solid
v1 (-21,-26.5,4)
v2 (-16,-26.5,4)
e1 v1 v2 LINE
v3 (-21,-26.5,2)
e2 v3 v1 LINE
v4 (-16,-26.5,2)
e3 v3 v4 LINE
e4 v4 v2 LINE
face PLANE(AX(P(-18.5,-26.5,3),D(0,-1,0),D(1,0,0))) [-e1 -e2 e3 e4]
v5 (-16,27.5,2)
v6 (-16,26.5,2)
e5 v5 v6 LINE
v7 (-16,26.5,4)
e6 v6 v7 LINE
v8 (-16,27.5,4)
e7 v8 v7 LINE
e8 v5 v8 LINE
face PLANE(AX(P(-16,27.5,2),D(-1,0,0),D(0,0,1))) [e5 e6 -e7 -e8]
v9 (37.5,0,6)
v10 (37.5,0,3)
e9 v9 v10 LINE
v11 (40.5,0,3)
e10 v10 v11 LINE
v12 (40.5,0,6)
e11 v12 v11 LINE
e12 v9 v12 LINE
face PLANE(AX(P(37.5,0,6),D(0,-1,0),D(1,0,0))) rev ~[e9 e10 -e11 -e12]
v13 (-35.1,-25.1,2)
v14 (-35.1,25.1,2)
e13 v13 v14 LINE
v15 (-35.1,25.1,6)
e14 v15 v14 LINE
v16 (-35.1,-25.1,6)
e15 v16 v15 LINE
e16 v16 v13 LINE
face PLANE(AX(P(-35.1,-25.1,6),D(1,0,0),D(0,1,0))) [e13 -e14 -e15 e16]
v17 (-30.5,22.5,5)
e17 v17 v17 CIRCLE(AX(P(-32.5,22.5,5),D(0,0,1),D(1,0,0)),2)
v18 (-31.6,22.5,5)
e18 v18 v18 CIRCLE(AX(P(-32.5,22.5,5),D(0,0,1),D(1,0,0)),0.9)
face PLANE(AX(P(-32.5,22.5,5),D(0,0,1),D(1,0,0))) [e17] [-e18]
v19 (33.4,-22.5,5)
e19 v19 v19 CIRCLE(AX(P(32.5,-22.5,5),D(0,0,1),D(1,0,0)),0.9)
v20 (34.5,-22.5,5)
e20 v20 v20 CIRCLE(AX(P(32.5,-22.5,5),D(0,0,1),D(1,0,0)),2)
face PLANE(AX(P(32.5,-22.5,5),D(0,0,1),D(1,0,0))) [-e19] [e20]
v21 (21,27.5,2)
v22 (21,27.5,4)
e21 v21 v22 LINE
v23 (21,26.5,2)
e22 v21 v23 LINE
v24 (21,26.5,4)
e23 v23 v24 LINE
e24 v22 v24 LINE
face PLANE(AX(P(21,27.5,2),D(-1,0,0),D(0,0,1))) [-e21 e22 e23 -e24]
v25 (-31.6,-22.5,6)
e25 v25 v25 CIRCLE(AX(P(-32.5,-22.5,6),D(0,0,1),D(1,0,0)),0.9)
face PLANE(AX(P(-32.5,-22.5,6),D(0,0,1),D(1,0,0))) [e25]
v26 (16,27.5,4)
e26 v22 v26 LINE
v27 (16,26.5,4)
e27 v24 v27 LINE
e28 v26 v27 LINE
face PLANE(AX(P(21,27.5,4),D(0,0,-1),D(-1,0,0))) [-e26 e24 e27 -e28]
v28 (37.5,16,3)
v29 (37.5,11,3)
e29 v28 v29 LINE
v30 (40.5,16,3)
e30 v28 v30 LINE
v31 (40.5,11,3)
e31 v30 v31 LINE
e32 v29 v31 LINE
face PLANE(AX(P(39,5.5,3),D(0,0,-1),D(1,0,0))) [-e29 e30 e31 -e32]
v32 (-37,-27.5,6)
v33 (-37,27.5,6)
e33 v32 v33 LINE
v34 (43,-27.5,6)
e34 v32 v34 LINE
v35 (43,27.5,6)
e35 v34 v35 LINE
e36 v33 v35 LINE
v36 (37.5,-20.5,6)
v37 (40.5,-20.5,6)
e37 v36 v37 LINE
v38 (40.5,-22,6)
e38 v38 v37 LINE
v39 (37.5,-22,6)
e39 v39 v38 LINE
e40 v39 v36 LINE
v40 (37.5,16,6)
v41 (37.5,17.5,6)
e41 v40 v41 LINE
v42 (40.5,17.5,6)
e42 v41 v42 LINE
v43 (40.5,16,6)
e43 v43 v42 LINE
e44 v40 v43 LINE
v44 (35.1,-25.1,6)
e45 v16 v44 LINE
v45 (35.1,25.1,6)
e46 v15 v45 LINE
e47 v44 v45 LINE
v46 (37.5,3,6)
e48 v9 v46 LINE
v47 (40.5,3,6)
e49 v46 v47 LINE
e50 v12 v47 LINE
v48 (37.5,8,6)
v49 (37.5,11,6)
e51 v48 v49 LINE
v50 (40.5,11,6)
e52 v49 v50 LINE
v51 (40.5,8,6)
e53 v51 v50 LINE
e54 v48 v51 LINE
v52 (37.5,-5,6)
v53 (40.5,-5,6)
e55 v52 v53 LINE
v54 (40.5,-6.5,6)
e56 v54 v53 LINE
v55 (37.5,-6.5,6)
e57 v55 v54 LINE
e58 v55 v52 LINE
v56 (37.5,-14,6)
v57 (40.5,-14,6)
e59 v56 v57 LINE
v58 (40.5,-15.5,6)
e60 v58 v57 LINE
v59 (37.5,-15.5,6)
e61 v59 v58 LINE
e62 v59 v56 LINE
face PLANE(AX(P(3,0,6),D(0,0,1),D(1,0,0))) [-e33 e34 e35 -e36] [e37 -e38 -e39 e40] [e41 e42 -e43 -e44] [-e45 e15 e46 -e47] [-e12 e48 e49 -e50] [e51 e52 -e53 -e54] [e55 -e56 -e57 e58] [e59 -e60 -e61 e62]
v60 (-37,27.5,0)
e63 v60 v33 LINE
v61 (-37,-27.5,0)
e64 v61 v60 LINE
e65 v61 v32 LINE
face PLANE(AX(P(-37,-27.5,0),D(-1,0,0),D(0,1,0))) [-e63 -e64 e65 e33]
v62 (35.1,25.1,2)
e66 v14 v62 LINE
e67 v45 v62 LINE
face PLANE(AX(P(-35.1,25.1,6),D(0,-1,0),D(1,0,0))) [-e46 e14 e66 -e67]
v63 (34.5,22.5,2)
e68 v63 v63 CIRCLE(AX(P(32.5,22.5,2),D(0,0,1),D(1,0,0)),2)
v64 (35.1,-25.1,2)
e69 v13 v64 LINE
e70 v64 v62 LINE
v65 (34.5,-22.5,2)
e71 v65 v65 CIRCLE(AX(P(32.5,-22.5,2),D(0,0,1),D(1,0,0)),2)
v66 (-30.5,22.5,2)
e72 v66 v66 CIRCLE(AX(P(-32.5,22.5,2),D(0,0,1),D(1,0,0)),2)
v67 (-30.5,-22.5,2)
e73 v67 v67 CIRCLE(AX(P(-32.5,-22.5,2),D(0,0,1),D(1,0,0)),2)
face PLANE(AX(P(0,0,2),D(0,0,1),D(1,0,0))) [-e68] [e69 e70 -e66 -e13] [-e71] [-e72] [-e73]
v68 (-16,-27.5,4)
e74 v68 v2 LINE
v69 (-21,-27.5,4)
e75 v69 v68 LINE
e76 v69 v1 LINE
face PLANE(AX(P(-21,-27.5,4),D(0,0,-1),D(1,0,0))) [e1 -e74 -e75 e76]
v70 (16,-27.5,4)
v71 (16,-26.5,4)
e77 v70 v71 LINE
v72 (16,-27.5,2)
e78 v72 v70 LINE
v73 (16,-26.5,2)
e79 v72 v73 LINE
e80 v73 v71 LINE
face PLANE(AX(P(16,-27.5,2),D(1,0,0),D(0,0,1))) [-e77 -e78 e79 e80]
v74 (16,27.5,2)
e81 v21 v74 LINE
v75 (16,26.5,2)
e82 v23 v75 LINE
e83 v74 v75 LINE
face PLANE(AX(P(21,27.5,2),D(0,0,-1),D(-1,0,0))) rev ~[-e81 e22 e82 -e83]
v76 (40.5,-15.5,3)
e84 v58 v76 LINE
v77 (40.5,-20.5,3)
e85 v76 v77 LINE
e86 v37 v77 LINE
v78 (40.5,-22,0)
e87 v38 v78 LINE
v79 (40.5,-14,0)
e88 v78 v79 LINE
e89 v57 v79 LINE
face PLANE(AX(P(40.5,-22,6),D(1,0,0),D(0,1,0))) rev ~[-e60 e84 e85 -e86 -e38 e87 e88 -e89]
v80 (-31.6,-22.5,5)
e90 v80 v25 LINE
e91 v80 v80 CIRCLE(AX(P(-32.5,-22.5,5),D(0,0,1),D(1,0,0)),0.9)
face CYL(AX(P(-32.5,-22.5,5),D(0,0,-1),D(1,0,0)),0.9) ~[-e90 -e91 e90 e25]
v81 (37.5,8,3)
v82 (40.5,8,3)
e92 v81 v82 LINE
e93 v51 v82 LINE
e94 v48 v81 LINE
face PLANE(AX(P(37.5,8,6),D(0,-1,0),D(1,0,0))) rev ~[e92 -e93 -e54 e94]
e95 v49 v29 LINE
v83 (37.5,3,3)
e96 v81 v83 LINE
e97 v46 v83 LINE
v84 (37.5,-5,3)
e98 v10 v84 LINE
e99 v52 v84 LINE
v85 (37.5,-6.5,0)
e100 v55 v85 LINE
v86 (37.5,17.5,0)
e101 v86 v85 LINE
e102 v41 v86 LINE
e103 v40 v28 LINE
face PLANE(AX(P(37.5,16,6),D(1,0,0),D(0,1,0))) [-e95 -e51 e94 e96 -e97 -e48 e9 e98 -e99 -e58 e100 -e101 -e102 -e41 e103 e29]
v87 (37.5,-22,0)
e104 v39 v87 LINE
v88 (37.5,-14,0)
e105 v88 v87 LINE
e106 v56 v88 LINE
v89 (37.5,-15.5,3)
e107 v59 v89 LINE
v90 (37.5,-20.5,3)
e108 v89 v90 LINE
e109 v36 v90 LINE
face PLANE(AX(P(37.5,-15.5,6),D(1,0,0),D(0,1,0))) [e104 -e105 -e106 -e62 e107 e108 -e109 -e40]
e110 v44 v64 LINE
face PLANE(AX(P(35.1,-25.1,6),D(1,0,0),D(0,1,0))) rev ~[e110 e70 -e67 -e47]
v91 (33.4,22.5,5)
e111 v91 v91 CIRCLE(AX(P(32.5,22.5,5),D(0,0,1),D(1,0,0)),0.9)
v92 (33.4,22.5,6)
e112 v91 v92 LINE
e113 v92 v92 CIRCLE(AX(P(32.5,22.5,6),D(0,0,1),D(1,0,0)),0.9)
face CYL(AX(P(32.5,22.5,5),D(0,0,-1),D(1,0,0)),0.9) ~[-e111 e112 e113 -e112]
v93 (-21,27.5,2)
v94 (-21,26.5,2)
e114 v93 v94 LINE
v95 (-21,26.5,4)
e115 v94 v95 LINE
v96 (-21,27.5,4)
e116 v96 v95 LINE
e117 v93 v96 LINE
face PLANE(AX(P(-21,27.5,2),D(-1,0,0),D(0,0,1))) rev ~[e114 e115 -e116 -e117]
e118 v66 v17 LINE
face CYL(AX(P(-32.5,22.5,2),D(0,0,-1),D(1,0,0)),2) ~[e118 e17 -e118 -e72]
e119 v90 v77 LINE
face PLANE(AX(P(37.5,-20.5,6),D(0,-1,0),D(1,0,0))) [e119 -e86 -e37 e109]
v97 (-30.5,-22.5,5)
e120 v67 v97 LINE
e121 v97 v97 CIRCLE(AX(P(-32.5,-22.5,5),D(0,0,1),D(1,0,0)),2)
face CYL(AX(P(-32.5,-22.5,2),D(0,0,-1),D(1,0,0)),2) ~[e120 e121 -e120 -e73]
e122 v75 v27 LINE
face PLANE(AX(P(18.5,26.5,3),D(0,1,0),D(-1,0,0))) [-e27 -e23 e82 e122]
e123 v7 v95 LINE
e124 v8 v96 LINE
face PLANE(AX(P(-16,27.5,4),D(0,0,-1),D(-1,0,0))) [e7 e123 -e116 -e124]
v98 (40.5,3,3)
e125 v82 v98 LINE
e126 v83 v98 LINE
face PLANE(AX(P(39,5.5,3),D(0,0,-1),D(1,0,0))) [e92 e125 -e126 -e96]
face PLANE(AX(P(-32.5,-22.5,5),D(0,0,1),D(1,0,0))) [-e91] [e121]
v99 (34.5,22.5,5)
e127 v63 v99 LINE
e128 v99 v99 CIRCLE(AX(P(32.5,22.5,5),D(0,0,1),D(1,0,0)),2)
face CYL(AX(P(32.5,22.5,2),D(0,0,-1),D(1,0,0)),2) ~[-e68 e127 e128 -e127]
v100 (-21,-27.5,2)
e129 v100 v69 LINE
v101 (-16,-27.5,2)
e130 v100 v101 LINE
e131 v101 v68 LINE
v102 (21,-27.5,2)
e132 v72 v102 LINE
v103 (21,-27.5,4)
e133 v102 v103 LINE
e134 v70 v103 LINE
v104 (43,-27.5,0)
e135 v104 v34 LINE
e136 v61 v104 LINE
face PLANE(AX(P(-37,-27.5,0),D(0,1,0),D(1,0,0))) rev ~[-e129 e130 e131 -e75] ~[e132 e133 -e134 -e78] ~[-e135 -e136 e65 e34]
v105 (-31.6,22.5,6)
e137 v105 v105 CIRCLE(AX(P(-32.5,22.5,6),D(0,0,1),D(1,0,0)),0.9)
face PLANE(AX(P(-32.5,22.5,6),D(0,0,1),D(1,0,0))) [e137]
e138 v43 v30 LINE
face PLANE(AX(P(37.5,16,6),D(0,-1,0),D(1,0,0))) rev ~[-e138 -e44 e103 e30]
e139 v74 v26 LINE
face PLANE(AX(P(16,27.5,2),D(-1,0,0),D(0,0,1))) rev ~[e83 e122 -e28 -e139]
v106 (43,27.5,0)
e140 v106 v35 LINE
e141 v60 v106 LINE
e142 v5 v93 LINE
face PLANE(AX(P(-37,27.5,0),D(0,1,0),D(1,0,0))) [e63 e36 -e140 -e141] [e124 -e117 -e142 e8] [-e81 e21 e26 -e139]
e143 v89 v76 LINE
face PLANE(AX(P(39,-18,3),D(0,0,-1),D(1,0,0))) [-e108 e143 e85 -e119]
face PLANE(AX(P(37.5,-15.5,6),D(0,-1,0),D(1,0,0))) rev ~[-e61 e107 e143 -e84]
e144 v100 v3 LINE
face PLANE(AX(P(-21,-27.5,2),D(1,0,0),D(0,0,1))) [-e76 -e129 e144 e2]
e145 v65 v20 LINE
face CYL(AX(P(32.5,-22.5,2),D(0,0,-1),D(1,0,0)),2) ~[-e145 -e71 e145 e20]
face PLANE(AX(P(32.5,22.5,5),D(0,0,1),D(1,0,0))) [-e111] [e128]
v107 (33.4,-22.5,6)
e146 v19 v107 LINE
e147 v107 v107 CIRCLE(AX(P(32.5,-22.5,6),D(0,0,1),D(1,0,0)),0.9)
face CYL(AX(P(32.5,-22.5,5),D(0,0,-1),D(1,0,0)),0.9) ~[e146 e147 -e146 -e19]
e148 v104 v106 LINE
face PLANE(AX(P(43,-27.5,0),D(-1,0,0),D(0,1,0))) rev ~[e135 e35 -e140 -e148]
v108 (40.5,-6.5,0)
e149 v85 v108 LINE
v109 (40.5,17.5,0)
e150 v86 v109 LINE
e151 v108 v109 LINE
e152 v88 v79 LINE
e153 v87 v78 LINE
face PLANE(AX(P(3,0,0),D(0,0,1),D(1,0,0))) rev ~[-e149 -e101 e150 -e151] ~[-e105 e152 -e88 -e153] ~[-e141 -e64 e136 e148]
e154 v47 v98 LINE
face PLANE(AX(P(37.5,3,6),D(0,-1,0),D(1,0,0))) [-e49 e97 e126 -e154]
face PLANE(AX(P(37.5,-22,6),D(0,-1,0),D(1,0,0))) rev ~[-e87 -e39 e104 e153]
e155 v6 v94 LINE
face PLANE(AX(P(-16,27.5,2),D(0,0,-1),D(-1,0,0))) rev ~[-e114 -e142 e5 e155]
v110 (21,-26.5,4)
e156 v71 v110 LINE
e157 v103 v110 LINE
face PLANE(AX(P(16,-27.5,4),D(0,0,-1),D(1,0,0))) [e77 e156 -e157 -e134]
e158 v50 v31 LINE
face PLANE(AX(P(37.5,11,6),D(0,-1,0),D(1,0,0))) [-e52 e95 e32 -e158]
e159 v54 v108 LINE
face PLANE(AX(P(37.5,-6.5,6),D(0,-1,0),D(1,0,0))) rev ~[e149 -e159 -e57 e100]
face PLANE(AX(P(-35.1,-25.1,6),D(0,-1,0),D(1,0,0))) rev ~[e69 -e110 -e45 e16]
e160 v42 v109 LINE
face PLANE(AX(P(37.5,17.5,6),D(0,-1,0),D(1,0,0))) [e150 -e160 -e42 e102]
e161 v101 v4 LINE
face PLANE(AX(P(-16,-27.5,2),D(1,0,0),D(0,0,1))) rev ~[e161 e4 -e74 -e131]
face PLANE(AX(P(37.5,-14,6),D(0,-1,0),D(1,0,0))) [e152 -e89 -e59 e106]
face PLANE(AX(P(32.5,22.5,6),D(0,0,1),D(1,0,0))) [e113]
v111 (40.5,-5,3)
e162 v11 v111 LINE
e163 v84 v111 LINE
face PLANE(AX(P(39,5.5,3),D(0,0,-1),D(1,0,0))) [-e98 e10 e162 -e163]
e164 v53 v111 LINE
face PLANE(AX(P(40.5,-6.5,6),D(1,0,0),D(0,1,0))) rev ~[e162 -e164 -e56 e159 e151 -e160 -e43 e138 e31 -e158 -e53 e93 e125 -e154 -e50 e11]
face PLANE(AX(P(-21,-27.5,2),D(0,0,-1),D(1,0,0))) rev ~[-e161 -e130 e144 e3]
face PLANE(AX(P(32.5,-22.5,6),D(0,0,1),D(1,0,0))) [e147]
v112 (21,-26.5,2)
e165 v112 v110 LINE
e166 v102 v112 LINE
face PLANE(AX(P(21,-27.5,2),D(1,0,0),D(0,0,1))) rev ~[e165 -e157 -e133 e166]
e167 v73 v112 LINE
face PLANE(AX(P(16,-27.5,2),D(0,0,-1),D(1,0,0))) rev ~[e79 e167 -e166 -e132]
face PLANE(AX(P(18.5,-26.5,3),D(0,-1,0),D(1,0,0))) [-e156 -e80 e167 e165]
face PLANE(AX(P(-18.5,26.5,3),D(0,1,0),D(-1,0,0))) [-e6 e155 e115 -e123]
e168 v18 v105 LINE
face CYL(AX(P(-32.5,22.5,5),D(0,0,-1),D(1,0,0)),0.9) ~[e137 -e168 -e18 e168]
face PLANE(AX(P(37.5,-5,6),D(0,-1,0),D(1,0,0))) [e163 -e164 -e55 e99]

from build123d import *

# Parameters (mm, degrees)
SKETCH_W        = 80
SKETCH_H        = 55
PAD_DEPTH       = 6
SKETCH001_W     = 70.2
SKETCH001_H     = 50.2
POCKET_DEPTH    = 4
SKETCH002_R     = 2
PAD001_DEPTH    = 3
SKETCH003_R     = 0.9
PAD002_DEPTH    = 1
SKETCH004_W     = 3
SKETCH004_H     = 1.5
SKETCH004_H_2   = 3
POCKET001_DEPTH = 6
SKETCH005_W     = 3
SKETCH005_H     = 5
SKETCH005_H_2   = 21
POCKET002_DEPTH = 3
SKETCH006_W     = 5
SKETCH006_H     = 2
POCKET003_DEPTH = 1
SKETCH007_W     = 5
SKETCH007_H     = 2
POCKET004_DEPTH = 1


with BuildPart() as part:
    # Sketch → Pad (new body)
    with BuildSketch(Plane.XY):
        with Locations((3, 0)):
            Rectangle(SKETCH_W, SKETCH_H)
    extrude(amount=PAD_DEPTH)

    # Sketch001 (on Face6 of Pad) → Pocket (cut)
    with BuildSketch(Plane.XY.offset(6)):
        Rectangle(SKETCH001_W, SKETCH001_H)
    extrude(amount=-POCKET_DEPTH, mode=Mode.SUBTRACT)

    # Sketch002 (on Face11 of Pocket) → Pad001 (join)
    with BuildSketch(Plane.XY.offset(2)):
        with Locations((-32.5, 22.5)):
            Circle(SKETCH002_R)
        with Locations((32.5, 22.5)):
            Circle(SKETCH002_R)
        with Locations((-32.5, -22.5)):
            Circle(SKETCH002_R)
        with Locations((32.5, -22.5)):
            Circle(SKETCH002_R)
    extrude(amount=PAD001_DEPTH)

    # Sketch003 (on Face19 of Pad001) → Pad002 (join)
    with BuildSketch(Plane.XY.offset(5)):
        with Locations((-32.5, 22.5)):
            Circle(SKETCH003_R)
        with Locations((32.5, 22.5)):
            Circle(SKETCH003_R)
        with Locations((-32.5, -22.5)):
            Circle(SKETCH003_R)
        with Locations((32.5, -22.5)):
            Circle(SKETCH003_R)
    extrude(amount=PAD002_DEPTH)

    # Sketch004 (on Face5 of Pad002) → Pocket001 (cut)
    with BuildSketch(Plane.XY.offset(6)):
        with Locations((39, 16.75)):
            Rectangle(SKETCH004_W, SKETCH004_H)
        with Locations((39, 9.5)):
            Rectangle(SKETCH004_W, SKETCH004_H_2)
        with Locations((39, 1.5)):
            Rectangle(SKETCH004_W, SKETCH004_H_2)
        with Locations((39, -5.75)):
            Rectangle(SKETCH004_W, SKETCH004_H)
        with Locations((39, -14.75)):
            Rectangle(SKETCH004_W, SKETCH004_H)
        with Locations((39, -21.25)):
            Rectangle(SKETCH004_W, SKETCH004_H)
    extrude(amount=-POCKET001_DEPTH, mode=Mode.SUBTRACT)

    # Sketch005 (on Face4 of Pocket001) → Pocket002 (cut)
    with BuildSketch(Plane(origin=(0, 0, 0), x_dir=(1, 0, 0), z_dir=(0, 0, -1))):
        with Locations((39, 18)):
            Rectangle(SKETCH005_W, SKETCH005_H)
        with Locations((39, -5.5)):
            Rectangle(SKETCH005_W, SKETCH005_H_2)
    extrude(amount=-POCKET002_DEPTH, mode=Mode.SUBTRACT)

    # Sketch006 (on Face6 of Pocket002) → Pocket003 (cut)
    with BuildSketch(Plane.XZ.offset(27.5)):
        with Locations((-18.5, 3)):
            Rectangle(SKETCH006_W, SKETCH006_H)
        with Locations((18.5, 3)):
            Rectangle(SKETCH006_W, SKETCH006_H)
    extrude(amount=-POCKET003_DEPTH, mode=Mode.SUBTRACT)

    # Sketch007 (on Face1 of Pocket003) → Pocket004 (cut)
    with BuildSketch(Plane(origin=(0, 27.5, 0), x_dir=(-1, 0, 0), z_dir=(0, 1, 0))):
        with Locations((-18.5, 3)):
            Rectangle(SKETCH007_W, SKETCH007_H)
        with Locations((18.5, 3)):
            Rectangle(SKETCH007_W, SKETCH007_H)
    extrude(amount=-POCKET004_DEPTH, mode=Mode.SUBTRACT)


solid = part.part
